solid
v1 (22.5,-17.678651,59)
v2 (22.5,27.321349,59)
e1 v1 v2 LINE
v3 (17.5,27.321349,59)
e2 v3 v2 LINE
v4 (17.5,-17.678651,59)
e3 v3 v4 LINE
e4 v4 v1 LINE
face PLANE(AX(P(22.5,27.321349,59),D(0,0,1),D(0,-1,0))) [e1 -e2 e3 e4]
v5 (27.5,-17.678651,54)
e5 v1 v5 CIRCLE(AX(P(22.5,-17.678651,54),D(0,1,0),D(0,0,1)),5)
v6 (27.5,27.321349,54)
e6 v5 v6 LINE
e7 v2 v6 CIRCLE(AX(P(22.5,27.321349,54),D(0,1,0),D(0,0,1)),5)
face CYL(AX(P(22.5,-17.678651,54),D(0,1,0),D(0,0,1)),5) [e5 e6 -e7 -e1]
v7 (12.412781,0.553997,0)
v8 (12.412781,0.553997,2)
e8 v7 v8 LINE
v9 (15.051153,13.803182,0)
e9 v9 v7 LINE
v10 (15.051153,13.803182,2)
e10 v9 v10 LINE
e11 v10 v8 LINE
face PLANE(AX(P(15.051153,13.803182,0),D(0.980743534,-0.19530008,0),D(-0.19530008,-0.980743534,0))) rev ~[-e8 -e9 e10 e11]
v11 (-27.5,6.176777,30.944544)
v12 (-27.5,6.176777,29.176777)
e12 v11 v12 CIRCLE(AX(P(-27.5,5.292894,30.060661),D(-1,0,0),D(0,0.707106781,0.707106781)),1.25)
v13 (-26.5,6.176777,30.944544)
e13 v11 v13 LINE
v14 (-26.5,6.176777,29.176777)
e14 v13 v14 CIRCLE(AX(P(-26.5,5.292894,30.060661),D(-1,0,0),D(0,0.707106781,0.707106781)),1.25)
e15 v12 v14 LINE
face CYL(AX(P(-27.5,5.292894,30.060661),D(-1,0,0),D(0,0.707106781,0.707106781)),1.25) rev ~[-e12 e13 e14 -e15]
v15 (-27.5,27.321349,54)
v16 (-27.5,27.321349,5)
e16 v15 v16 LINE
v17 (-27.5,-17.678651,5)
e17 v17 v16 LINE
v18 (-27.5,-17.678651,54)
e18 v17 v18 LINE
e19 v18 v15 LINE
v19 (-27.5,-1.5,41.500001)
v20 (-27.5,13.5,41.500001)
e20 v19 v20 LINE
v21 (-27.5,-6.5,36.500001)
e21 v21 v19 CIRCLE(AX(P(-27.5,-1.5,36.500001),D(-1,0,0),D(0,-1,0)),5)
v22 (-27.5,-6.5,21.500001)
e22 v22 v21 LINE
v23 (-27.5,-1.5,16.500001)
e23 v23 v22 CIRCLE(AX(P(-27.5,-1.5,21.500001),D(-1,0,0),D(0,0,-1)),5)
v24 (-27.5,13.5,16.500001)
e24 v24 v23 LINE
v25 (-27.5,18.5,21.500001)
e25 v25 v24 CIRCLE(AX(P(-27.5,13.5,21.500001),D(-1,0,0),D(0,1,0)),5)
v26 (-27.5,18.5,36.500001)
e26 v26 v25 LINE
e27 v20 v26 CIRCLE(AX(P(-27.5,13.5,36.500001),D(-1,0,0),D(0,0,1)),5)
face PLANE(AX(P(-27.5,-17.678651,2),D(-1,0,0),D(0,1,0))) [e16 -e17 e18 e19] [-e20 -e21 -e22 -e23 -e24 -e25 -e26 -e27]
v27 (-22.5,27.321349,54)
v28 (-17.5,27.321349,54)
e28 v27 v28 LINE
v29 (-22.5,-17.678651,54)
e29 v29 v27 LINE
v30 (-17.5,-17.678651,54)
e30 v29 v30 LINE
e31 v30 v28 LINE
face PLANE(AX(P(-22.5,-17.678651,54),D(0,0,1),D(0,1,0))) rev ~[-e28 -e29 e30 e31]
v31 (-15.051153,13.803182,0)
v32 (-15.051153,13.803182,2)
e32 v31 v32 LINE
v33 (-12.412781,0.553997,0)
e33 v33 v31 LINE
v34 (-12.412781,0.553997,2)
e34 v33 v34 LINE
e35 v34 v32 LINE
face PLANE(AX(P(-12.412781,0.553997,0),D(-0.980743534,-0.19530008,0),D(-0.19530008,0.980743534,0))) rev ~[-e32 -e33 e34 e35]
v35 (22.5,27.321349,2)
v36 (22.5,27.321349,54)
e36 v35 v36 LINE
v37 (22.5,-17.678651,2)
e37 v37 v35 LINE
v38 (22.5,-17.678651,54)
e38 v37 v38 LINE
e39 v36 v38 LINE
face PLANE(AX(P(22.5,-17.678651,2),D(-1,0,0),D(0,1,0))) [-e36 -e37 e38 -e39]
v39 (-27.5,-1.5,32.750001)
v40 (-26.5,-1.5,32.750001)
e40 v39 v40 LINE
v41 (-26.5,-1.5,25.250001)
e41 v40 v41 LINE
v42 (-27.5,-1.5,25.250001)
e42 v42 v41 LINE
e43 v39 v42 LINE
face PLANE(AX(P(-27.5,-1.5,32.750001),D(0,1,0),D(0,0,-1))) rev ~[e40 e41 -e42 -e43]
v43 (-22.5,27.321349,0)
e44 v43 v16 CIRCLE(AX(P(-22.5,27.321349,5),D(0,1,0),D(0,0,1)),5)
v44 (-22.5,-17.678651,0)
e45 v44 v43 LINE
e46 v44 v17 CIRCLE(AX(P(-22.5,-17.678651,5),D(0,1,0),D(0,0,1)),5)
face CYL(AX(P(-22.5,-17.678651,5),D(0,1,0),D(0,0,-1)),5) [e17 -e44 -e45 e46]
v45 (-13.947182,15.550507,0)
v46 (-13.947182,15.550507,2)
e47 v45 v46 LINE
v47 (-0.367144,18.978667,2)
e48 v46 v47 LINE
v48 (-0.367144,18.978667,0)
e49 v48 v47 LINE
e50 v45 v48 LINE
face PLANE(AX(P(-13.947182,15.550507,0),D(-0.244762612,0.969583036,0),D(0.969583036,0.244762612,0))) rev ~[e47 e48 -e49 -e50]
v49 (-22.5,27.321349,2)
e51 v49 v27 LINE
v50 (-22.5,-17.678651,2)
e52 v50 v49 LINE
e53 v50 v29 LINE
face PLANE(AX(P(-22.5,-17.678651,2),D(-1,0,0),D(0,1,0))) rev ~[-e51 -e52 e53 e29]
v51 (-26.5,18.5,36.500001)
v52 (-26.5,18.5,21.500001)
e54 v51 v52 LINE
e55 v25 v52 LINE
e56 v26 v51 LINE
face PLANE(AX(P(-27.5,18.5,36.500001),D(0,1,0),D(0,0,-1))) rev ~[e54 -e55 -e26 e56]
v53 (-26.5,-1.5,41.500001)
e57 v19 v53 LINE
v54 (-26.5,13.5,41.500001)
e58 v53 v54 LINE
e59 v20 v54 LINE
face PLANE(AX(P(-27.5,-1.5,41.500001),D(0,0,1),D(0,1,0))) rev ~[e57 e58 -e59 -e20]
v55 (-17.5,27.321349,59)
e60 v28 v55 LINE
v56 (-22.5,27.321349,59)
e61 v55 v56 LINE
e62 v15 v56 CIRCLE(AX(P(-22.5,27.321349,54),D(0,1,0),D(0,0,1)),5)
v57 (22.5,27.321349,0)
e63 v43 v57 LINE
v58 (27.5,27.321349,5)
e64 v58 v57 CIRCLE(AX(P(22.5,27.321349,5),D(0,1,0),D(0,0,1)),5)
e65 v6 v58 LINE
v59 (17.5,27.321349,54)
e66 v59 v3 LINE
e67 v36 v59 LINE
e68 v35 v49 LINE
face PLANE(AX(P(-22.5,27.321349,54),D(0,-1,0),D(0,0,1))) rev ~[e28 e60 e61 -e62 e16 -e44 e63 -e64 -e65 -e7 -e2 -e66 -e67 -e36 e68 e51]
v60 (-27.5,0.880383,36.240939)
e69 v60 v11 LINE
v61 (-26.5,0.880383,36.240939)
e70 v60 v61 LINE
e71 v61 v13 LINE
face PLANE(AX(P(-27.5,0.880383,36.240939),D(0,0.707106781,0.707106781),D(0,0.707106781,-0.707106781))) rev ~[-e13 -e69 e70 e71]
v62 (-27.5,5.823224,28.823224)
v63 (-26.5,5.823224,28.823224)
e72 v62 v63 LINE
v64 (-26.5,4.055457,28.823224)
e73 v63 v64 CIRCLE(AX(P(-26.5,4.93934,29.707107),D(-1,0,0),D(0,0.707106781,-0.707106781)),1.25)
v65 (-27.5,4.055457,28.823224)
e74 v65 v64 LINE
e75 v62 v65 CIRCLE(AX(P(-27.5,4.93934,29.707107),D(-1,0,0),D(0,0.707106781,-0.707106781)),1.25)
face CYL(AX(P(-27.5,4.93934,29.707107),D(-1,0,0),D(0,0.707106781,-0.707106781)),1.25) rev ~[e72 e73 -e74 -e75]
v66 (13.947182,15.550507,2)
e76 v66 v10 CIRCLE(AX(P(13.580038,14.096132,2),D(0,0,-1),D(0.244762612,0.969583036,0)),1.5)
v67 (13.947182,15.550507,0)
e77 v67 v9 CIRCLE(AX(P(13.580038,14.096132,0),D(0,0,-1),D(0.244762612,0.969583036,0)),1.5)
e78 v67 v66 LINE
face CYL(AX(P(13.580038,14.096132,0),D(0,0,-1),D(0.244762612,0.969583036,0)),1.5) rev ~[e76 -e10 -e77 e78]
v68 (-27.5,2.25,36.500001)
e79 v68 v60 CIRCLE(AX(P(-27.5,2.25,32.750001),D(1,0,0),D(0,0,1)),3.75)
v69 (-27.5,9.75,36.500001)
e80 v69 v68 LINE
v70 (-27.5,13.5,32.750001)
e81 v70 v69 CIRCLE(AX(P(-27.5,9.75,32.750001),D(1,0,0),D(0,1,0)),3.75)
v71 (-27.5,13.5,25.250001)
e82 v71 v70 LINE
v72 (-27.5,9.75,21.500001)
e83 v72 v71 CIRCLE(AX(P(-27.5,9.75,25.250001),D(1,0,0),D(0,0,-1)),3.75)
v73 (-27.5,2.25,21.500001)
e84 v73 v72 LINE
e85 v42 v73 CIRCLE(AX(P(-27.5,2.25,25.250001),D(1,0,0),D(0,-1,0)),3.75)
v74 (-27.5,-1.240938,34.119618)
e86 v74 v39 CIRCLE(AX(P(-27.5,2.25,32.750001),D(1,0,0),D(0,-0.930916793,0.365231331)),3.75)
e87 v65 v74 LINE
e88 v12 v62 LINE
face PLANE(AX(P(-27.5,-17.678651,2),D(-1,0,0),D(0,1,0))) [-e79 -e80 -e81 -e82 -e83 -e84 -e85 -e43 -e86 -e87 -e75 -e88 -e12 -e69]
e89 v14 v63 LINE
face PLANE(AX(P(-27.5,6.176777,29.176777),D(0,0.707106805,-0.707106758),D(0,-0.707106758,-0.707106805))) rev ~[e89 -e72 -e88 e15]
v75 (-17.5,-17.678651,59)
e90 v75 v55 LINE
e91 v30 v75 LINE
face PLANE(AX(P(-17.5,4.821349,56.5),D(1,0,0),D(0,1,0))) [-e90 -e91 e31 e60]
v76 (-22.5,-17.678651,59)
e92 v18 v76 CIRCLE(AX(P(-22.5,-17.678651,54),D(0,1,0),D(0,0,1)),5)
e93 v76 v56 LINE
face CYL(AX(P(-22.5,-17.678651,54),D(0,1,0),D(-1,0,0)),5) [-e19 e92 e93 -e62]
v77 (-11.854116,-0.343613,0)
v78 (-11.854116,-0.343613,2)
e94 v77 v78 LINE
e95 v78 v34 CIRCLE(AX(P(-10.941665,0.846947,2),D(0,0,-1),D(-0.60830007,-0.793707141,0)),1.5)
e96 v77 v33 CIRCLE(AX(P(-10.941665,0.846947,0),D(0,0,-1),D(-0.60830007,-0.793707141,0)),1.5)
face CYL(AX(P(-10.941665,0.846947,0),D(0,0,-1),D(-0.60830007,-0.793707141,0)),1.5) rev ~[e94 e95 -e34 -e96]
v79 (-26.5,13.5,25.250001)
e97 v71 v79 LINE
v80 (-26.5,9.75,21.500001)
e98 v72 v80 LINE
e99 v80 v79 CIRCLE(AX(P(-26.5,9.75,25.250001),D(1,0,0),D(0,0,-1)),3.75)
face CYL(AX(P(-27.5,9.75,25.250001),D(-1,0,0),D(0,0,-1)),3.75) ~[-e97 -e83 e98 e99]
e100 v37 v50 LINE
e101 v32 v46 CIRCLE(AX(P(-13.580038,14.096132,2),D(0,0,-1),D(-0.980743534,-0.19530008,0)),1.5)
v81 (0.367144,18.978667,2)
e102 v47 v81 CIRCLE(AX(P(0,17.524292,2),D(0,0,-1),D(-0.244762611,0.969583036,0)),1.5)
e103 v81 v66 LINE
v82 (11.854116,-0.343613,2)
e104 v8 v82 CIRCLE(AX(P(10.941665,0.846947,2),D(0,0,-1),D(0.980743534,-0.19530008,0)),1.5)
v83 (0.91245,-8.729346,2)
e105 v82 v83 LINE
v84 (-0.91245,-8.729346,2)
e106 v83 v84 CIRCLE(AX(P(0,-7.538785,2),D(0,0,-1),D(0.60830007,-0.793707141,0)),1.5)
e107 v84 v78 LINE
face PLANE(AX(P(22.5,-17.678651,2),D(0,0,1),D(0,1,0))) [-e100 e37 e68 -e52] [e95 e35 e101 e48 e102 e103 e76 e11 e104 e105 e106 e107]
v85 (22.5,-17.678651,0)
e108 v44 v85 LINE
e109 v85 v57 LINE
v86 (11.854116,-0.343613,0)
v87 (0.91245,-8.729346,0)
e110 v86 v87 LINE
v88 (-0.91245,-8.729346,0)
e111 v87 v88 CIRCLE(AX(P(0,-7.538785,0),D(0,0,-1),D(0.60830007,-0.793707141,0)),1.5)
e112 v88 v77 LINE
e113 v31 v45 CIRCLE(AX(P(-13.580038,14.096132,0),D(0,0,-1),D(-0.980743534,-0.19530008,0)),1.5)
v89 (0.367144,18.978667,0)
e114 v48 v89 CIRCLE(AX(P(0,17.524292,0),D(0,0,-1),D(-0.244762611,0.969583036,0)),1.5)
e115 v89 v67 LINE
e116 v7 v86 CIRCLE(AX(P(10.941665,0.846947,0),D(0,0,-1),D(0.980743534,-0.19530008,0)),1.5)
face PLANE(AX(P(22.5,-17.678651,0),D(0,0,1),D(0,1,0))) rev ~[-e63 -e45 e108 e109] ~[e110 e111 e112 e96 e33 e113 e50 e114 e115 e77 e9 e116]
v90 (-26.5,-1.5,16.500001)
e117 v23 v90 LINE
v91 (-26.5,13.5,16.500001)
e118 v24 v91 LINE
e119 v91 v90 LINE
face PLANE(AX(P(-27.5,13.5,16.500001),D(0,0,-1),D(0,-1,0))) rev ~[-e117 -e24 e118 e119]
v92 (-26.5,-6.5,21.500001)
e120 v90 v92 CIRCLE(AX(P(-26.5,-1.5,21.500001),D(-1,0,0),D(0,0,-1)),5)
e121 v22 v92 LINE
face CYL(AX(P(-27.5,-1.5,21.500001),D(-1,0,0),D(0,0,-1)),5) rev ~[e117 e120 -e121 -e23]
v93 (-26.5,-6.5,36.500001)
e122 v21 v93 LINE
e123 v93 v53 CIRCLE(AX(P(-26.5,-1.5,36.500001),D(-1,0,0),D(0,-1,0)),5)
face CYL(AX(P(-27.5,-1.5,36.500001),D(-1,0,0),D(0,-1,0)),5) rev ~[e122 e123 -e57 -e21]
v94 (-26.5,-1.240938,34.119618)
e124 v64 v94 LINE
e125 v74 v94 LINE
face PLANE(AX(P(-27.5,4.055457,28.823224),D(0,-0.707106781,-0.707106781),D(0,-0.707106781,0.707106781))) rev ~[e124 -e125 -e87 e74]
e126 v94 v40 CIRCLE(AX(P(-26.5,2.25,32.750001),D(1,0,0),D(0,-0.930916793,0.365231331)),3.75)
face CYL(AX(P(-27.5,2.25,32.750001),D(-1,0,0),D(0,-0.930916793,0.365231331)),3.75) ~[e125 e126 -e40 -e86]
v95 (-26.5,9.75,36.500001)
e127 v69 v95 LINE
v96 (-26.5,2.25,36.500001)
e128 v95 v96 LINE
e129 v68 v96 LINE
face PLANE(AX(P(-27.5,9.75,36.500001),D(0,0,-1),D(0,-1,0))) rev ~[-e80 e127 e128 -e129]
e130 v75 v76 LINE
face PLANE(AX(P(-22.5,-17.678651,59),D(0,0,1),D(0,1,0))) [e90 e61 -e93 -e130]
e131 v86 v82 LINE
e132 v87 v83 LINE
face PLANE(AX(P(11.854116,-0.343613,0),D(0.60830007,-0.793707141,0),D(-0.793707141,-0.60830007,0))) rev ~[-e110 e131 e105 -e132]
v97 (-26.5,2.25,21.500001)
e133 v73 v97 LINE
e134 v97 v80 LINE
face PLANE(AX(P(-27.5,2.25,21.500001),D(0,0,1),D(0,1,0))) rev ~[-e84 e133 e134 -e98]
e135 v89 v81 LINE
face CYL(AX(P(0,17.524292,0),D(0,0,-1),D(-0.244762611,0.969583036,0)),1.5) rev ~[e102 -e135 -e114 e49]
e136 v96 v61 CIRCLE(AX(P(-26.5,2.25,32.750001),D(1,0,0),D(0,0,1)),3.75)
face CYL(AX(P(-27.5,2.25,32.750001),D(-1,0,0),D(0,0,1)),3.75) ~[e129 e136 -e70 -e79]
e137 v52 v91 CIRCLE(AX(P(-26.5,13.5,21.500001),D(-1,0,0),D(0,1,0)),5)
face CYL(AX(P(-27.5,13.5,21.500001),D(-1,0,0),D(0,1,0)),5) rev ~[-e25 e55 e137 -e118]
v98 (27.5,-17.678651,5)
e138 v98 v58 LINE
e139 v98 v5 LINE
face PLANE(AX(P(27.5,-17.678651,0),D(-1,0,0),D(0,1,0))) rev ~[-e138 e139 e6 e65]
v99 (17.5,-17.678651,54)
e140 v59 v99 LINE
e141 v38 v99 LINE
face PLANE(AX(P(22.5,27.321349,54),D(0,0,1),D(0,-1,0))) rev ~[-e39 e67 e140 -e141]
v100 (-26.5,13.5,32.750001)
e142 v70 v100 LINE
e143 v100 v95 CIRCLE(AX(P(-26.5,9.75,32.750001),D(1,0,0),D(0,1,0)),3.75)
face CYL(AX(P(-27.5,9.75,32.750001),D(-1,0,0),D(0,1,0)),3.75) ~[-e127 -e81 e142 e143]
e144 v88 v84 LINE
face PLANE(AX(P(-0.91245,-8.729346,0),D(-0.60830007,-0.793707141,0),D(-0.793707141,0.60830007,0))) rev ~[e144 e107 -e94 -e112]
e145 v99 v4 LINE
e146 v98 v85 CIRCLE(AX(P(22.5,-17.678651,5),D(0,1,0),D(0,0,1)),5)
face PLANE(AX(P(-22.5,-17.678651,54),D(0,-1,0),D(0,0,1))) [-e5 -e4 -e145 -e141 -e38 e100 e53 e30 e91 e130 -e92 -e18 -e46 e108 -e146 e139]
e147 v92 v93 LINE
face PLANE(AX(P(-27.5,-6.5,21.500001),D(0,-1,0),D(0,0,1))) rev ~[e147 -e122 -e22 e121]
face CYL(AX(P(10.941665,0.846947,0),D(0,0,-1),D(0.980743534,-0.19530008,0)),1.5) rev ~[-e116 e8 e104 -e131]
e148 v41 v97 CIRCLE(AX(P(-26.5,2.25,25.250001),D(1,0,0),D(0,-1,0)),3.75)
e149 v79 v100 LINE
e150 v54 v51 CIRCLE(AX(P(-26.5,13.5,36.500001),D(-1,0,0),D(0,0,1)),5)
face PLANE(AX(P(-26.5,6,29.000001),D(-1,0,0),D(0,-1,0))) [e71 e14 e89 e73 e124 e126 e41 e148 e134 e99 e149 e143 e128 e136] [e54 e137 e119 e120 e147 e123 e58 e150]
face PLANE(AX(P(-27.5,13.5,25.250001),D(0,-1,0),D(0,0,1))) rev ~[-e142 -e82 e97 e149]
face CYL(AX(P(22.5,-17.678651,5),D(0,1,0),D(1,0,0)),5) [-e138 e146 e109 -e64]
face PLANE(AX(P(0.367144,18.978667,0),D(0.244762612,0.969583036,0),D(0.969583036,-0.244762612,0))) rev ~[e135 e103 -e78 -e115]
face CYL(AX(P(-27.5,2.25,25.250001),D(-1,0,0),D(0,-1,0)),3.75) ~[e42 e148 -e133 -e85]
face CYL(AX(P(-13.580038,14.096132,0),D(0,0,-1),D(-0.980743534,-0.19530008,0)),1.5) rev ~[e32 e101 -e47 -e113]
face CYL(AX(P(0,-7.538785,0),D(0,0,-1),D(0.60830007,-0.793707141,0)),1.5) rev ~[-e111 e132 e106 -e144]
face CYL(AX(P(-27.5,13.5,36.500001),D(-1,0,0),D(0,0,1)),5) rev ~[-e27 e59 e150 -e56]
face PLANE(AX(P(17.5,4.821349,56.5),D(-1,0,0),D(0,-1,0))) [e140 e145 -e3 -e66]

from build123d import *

# Parameters (mm, degrees)
F0_W      = 45
F0_H      = 45
F1_DEPTH  = 2
F2_DEPTH  = 5
F3_DEPTH  = 5
F4_W      = 5
F4_H      = 45
F5_DEPTH  = 57
F7_W      = 45
F7_H      = 5
F8_DEPTH  = 5
F6_W      = 45
F6_H      = 5
F9_DEPTH  = 5
F10_R     = 5
F12_DEPTH = 1


with BuildPart() as f1:
    # F0 (on Top) → F1 (new body)
    with BuildSketch(Plane.XY):
        with Locations((0, 4.82134892)):
            Rectangle(F0_W, F0_H)
        with BuildLine():
            ThreePointArc((-15.0511533834, 13.8031822317), (-14.8481410429, 14.8973282595), (-13.9471820002, 15.5505069059))
            Line((-13.9471820002, 15.5505069059), (-0.3671439173, 18.9786667044))
            ThreePointArc((-0.3671439173, 18.9786667044), (0, 19.0242921501), (0.3671439173, 18.9786667044))
            Line((0.3671439173, 18.9786667044), (13.9471820002, 15.5505069059))
            ThreePointArc((13.9471820002, 15.5505069059), (14.8481410429, 14.8973282595), (15.0511533834, 13.8031822317))
            Line((15.0511533834, 13.8031822317), (12.4127807629, 0.5539972479))
            ThreePointArc((12.4127807629, 0.5539972479), (12.2151536655, 0.0543391438), (11.854115567, -0.3436133433))
            Line((11.854115567, -0.3436133433), (0.9124501045, -8.7293459665))
            ThreePointArc((0.9124501045, -8.7293459665), (0, -9.0387852554), (-0.9124501045, -8.7293459665))
            Line((-0.9124501045, -8.7293459665), (-11.854115567, -0.3436133433))
            ThreePointArc((-11.854115567, -0.3436133433), (-12.2151536655, 0.0543391438), (-12.4127807629, 0.5539972479))
            Line((-12.4127807629, 0.5539972479), (-15.0511533834, 13.8031822317))
        make_face(mode=Mode.SUBTRACT)
    extrude(amount=F1_DEPTH)

    # F2 (add): a face of the model
    f2_faces = [f1.faces().sort_by_distance(p)[0] for p in [
        (-22.5, 4.82134892, 1),
    ]]
    extrude(f2_faces, amount=F2_DEPTH)

    # F3 (add): a face of the model
    f3_faces = [f1.faces().sort_by_distance(p)[0] for p in [
        (22.5, 4.82134892, 1),
    ]]
    extrude(f3_faces, amount=F3_DEPTH)

    # F4 (on face) → F5 (join)
    with BuildSketch(Plane.XY.offset(2)):
        with Locations((-25, 4.82134892)):
            Rectangle(F4_W, F4_H)
        with Locations((25, 4.82134892)):
            Rectangle(F4_W, F4_H)
    extrude(amount=F5_DEPTH)

    # F7 (on face) → F8 (join)
    with BuildSketch(Plane(origin=(22.5, 0, 0), x_dir=(0, -1, 0), z_dir=(-1, 0, 0))):
        with Locations((-4.82134892, 56.5)):
            Rectangle(F7_W, F7_H)
    extrude(amount=F8_DEPTH)

    # F6 (on face) → F9 (join)
    with BuildSketch(Plane.YZ.offset(-22.5)):
        with Locations((4.82134892, 56.5)):
            Rectangle(F6_W, F6_H)
    extrude(amount=F9_DEPTH)

    # F10
    f10_edges = [f1.edges().sort_by_distance(p)[0] for p in [
        (27.5, 4.821349, 0),
        (-27.5, 4.821349, 0),
        (-27.5, 4.821349, 59),
        (27.5, 4.821349, 59),
    ]]
    fillet(f10_edges, radius=F10_R)

    # F11 (on face) → F12 (cut)
    with BuildSketch(Plane(origin=(-27.5, 0, 0), x_dir=(0, -1, 0), z_dir=(-1, 0, 0))):
        with BuildLine():
            ThreePointArc((1.4999996684, 16.5000007302), (5.0355335744, 17.9644668242), (6.4999996684, 21.5000007302))
            Line((6.4999996684, 21.5000007302), (6.4999996684, 36.5000007302))
            ThreePointArc((6.4999996684, 36.5000007302), (5.0355335744, 40.0355346361), (1.4999996684, 41.5000007302))
            Line((1.4999996684, 41.5000007302), (-13.5000003316, 41.5000007302))
            ThreePointArc((-13.5000003316, 41.5000007302), (-17.0355342375, 40.0355346361), (-18.5000003316, 36.5000007302))
            Line((-18.5000003316, 36.5000007302), (-18.5000003316, 21.5000007302))
            ThreePointArc((-18.5000003316, 21.5000007302), (-17.0355342375, 17.9644668242), (-13.5000003316, 16.5000007302))
            Line((-13.5000003316, 16.5000007302), (1.4999996684, 16.5000007302))
        make_face()
        with BuildLine():
            Line((1.4999996684, 32.7500007302), (1.4999996684, 25.2500007302))
            ThreePointArc((1.4999996684, 25.2500007302), (0.4016500979, 22.5983503007), (-2.2500003316, 21.5000007302))
            Line((-2.2500003316, 21.5000007302), (-9.7500003316, 21.5000007302))
            ThreePointArc((-9.7500003316, 21.5000007302), (-12.401650761, 22.5983503007), (-13.5000003316, 25.2500007302))
            Line((-13.5000003316, 25.2500007302), (-13.5000003316, 32.7500007302))
            ThreePointArc((-13.5000003316, 32.7500007302), (-12.401650761, 35.4016511596), (-9.7500003316, 36.5000007302))
            Line((-9.7500003316, 36.5000007302), (-2.2500003316, 36.5000007302))
            ThreePointArc((-2.2500003316, 36.5000007302), (-1.5530488983, 36.4346660745), (-0.8803828421, 36.2409387033))
            Line((-0.8803828316, 36.2409387302), (-6.1767770816, 30.9445444802))
            ThreePointArc((-6.176777058, 30.9445444566), (-6.5428935816, 30.0606609802), (-6.176777058, 29.1767775037))
            Line((-6.1767770816, 29.1767774802), (-6.0000003316, 29.0000007302))
            Line((-6.0000003316, 29.0000007302), (-5.8232235816, 28.8232239802))
            ThreePointArc((-5.823223558, 28.8232240037), (-4.9393400816, 28.4571074802), (-4.0554566051, 28.8232240037))
            Line((-4.0554565816, 28.8232239802), (1.2409376684, 34.1196182302))
            ThreePointArc((1.2409376416, 34.1196182196), (1.4346650128, 33.4469521634), (1.4999996684, 32.7500007302))
        make_face(mode=Mode.SUBTRACT)
    extrude(amount=-F12_DEPTH, mode=Mode.SUBTRACT)


solid = f1.part
